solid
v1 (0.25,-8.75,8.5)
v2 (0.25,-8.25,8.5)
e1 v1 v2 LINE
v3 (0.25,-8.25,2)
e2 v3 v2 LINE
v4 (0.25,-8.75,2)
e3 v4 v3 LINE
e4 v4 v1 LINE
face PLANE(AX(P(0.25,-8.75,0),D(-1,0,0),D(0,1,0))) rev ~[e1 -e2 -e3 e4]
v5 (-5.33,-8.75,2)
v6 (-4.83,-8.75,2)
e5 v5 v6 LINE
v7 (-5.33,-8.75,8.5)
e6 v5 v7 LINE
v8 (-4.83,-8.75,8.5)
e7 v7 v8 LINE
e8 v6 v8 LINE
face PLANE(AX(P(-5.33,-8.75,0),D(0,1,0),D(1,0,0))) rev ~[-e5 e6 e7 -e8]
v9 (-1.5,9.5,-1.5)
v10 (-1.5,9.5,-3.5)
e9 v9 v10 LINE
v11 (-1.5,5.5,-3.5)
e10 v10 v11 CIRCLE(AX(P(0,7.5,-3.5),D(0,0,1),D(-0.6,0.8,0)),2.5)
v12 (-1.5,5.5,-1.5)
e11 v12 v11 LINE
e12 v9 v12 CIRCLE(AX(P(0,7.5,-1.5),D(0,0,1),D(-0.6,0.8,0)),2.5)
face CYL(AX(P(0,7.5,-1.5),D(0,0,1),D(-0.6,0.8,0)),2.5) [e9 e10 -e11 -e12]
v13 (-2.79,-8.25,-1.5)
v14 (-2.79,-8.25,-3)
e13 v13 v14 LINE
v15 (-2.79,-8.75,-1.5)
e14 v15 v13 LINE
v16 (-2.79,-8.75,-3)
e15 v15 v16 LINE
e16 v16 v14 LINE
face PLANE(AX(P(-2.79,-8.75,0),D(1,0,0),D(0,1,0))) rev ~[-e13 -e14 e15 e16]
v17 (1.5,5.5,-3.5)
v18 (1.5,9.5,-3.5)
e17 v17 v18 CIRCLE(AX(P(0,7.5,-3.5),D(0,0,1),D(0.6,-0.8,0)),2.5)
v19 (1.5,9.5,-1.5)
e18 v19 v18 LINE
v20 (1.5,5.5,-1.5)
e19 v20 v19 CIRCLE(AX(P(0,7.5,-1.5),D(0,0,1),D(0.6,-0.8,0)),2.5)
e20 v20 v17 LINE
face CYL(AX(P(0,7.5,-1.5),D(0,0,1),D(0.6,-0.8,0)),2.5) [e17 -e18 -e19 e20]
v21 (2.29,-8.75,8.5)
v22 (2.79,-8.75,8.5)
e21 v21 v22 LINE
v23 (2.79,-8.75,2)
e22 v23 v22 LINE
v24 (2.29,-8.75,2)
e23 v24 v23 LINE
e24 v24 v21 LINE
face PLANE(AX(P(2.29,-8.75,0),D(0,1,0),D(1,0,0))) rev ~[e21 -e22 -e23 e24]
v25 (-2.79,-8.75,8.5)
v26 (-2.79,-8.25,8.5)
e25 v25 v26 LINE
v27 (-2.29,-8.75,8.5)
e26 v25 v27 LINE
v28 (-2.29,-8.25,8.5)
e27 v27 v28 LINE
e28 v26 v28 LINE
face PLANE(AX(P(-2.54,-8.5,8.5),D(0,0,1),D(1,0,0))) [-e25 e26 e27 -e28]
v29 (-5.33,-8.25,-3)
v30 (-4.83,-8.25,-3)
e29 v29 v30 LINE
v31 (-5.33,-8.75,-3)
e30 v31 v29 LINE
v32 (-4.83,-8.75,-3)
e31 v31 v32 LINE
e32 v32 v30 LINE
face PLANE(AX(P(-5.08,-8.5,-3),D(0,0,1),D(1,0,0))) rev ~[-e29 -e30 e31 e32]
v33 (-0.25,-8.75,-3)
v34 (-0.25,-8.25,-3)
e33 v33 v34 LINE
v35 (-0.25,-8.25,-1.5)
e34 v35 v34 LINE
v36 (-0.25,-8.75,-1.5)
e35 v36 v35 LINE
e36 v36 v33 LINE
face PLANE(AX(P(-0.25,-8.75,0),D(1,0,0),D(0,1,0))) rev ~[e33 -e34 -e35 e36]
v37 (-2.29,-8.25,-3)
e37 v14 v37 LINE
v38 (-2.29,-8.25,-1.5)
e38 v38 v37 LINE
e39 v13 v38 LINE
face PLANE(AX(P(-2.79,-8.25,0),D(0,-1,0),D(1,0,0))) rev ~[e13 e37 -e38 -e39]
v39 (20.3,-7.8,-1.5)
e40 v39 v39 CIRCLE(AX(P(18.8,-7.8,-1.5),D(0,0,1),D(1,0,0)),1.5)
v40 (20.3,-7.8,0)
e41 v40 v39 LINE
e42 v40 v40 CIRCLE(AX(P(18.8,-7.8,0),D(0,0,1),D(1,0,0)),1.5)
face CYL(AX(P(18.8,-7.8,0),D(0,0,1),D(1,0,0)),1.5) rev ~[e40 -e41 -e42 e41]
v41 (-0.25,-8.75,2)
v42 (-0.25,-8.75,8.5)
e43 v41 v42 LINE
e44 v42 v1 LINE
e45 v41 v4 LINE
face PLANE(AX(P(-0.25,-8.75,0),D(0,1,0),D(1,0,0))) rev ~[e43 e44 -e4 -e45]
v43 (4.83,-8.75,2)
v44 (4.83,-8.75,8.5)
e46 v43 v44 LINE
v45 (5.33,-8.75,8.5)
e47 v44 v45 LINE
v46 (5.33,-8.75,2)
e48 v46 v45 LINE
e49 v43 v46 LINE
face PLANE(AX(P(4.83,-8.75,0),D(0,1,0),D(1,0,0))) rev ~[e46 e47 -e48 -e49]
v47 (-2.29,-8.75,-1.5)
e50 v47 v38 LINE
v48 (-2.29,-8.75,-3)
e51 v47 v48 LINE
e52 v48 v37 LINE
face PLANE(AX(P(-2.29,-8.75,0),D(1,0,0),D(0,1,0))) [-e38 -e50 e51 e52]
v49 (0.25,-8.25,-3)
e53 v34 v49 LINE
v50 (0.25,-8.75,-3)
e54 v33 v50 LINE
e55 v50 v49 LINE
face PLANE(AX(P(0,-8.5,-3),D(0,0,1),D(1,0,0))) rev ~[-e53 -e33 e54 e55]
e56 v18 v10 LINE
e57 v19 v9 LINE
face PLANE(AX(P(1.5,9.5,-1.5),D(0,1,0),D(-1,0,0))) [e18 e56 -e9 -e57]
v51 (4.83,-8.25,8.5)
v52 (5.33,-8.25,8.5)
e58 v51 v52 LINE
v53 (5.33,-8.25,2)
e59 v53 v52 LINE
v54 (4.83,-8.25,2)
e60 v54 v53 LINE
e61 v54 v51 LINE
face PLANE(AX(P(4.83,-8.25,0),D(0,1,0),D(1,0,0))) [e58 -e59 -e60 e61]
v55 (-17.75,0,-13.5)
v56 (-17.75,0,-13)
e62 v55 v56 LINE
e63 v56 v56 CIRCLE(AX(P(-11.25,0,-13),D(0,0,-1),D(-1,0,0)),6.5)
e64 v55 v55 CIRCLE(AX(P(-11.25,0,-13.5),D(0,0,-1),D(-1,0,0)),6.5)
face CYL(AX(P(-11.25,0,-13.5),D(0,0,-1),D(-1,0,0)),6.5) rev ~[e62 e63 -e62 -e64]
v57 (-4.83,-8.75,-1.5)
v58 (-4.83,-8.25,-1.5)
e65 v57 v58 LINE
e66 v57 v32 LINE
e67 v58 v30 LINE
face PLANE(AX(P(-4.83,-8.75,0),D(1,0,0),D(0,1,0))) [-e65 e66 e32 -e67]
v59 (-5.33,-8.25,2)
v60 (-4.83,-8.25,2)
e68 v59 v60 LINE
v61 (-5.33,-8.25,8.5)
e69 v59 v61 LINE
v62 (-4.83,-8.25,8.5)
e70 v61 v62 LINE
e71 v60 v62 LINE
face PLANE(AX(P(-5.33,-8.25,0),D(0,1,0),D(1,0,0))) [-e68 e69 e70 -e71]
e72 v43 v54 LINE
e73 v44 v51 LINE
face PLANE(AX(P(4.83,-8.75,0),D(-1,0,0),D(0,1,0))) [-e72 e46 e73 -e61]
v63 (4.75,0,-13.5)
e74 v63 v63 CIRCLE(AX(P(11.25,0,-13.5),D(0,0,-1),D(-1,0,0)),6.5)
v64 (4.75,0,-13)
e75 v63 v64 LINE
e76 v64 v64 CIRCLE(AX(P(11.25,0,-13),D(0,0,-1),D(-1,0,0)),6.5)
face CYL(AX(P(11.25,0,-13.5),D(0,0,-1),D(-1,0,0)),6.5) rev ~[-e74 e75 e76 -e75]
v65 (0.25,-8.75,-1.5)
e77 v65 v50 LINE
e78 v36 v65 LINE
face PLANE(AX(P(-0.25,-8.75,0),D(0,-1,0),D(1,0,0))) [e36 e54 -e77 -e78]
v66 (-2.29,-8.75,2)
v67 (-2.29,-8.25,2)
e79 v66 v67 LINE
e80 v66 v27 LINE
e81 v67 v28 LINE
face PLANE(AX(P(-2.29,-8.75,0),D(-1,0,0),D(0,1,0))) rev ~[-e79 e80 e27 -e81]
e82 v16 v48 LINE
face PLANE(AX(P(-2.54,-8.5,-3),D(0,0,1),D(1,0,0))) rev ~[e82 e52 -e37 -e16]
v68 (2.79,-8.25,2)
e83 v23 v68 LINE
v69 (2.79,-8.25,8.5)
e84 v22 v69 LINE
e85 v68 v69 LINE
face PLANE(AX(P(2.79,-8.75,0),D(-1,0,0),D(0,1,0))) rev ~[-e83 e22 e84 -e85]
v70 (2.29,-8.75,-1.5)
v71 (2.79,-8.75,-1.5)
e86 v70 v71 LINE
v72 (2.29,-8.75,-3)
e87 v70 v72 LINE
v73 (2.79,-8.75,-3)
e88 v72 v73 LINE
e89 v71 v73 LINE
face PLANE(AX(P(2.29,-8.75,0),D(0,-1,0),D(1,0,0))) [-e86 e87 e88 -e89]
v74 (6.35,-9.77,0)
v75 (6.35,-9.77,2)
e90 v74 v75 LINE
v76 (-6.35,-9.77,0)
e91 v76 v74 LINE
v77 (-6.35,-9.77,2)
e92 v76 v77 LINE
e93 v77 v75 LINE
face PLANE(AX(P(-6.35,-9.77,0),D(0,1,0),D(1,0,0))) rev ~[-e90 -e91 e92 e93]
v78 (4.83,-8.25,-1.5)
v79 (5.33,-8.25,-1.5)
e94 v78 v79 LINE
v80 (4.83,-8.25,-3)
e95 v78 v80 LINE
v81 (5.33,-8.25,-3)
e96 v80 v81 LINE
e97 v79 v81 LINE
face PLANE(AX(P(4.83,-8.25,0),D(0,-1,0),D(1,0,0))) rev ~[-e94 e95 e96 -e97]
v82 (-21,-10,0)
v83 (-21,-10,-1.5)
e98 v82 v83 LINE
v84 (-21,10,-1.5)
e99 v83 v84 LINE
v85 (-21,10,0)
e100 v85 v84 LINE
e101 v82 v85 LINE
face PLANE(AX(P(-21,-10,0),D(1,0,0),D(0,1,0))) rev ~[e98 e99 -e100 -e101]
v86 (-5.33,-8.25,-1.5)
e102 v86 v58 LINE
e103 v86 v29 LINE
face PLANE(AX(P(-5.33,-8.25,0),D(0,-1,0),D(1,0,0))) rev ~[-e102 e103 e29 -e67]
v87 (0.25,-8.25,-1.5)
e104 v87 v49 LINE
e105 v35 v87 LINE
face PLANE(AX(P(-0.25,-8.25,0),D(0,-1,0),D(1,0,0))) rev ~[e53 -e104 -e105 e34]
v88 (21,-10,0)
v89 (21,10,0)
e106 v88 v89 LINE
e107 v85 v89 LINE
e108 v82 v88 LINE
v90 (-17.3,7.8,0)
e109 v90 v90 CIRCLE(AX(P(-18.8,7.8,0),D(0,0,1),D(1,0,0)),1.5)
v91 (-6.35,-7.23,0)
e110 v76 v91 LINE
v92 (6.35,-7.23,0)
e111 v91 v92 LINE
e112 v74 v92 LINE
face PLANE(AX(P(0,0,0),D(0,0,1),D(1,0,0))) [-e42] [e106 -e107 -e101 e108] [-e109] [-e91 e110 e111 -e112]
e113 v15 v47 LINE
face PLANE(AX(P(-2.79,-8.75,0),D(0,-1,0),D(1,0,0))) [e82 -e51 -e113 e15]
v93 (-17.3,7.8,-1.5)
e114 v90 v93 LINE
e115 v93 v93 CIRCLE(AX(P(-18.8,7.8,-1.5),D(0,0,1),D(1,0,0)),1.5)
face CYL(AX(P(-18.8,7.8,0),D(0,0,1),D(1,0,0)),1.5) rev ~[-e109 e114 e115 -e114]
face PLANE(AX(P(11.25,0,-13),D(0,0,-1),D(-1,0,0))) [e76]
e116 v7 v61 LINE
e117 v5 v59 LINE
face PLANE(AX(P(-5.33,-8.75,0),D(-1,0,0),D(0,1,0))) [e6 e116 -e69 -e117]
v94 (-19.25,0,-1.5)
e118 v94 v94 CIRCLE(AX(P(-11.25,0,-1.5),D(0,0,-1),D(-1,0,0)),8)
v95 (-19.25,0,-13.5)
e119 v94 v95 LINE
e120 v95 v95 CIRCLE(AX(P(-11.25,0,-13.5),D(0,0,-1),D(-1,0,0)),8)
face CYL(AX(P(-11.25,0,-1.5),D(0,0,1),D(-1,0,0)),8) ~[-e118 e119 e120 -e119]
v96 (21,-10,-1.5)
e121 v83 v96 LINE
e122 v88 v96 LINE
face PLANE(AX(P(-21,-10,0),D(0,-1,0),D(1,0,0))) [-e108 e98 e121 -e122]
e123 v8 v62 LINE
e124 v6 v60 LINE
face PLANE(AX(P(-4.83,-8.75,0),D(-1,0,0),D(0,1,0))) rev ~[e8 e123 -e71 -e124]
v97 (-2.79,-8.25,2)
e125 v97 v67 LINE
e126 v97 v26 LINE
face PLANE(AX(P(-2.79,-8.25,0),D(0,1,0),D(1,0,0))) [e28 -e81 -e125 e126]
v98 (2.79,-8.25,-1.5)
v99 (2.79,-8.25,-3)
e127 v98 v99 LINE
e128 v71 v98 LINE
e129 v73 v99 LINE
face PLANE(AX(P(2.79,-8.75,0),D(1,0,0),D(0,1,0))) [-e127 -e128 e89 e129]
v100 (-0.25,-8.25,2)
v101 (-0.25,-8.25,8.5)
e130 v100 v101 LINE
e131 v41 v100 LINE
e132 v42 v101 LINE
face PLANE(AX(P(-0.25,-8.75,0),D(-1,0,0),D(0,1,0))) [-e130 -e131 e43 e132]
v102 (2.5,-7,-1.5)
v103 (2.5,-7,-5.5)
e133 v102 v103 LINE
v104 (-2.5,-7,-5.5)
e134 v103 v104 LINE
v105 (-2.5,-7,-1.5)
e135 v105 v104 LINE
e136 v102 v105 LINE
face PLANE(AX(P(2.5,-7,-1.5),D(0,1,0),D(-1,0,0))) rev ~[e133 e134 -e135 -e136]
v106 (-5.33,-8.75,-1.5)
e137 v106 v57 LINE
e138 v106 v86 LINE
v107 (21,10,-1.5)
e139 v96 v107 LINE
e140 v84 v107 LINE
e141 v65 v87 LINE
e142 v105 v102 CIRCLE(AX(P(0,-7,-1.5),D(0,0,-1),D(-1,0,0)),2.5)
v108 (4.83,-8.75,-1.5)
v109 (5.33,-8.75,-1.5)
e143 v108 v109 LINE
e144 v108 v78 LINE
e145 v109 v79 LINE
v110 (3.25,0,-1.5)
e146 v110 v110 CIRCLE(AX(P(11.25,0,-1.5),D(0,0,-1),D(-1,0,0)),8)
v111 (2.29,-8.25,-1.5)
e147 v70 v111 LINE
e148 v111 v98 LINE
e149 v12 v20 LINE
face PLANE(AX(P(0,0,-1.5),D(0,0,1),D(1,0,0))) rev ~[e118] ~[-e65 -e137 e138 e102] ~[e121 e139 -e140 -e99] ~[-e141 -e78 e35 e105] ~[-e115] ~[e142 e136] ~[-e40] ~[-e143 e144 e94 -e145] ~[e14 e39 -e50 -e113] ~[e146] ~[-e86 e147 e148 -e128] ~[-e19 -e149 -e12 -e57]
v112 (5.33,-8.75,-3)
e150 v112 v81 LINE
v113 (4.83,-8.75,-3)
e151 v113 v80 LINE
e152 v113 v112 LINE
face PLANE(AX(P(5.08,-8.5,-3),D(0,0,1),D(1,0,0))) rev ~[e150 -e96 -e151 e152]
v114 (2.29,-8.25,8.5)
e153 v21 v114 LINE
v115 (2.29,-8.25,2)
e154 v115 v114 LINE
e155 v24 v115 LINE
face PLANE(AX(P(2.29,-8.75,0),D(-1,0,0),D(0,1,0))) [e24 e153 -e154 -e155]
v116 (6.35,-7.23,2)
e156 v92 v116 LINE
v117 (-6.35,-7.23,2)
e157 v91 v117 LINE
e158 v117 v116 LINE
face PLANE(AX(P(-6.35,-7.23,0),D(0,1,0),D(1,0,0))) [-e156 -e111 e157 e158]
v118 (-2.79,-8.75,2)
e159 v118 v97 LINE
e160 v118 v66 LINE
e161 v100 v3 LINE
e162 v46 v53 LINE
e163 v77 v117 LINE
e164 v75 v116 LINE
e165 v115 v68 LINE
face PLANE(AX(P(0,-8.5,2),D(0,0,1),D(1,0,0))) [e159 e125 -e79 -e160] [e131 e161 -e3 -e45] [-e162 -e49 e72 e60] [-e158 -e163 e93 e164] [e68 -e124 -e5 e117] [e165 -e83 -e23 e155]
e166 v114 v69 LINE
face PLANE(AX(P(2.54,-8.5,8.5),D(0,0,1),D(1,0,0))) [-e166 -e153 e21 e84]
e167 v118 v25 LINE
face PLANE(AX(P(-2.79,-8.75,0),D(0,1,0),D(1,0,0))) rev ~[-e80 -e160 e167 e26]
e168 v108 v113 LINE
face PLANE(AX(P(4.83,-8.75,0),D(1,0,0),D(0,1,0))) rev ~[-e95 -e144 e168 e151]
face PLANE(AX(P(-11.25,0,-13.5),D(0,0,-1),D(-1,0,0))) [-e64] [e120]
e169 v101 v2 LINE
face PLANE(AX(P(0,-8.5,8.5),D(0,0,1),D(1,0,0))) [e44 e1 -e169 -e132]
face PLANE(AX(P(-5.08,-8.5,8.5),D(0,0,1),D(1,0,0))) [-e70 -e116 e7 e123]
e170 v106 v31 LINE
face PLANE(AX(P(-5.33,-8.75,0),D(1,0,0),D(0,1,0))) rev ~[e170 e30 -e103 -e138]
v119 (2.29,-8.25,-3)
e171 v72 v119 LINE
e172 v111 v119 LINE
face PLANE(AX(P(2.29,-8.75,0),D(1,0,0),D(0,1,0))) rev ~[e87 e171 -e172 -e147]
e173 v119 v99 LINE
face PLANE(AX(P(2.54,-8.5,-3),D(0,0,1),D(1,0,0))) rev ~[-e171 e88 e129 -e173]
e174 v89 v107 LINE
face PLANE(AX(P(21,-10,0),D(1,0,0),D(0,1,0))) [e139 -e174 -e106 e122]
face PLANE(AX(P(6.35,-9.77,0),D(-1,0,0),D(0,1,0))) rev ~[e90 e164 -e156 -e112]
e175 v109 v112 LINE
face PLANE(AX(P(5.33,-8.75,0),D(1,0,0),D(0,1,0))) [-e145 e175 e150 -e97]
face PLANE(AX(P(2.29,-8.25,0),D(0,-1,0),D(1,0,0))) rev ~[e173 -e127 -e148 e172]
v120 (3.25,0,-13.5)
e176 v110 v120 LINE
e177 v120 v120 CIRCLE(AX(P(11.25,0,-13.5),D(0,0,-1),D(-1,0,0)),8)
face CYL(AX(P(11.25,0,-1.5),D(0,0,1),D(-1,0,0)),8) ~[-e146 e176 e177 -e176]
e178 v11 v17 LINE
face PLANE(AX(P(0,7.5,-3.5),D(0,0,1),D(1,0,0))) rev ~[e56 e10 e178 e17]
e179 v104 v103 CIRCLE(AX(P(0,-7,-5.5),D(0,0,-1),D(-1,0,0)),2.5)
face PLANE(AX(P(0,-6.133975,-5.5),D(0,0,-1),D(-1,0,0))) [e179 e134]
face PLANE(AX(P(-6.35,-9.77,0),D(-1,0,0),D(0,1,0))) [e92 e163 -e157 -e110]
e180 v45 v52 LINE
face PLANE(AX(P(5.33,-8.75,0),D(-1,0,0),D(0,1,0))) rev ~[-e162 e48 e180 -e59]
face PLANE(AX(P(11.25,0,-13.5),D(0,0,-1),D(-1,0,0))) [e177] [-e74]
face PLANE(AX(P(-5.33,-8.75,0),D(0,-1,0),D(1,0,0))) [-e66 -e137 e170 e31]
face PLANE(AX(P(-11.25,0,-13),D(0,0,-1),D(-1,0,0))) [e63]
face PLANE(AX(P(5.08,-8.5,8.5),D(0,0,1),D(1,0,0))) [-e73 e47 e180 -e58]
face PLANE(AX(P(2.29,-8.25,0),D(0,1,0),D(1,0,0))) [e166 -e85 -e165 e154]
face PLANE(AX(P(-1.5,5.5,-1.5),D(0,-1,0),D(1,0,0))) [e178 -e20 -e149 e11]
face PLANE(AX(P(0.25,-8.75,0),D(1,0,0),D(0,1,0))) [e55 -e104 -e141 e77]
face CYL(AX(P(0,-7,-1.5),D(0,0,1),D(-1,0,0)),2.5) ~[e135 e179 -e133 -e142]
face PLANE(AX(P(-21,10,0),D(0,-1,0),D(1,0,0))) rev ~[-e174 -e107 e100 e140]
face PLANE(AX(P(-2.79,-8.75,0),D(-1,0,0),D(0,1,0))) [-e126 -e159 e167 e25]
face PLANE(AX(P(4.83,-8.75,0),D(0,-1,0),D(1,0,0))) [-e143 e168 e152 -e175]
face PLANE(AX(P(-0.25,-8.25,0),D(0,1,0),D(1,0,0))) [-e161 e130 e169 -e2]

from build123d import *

# Parameters (mm, degrees)
CROQUIS1_W                   = 42
CROQUIS1_H                   = 20
CROQUIS1_R                   = 1.5
SALIENTE_EXTRUIR1_DEPTH      = 1.5
CROQUIS2_R                   = 8
SALIENTE_EXTRUIR2_DEPTH      = 12
CROQUIS3_R                   = 6.5
CORTAR_EXTRUIR1_DEPTH        = 0.5
CROQUIS5_W                   = 0.5
CROQUIS5_H                   = 0.5
SALIENTE_EXTRUIR3_DEPTH      = 8.5
SALIENTE_EXTRUIR3_DEPTH_BACK = 3
CROQUIS6_W                   = 12.7
CROQUIS6_H                   = 2.54
SALIENTE_EXTRUIR4_DEPTH      = 2
SALIENTE_EXTRUIR5_DEPTH      = 4
SALIENTE_EXTRUIR6_DEPTH      = 2


with BuildPart() as part:
    # Croquis1 → Saliente-Extruir1 (new body)
    with BuildSketch(Plane.XY):
        Rectangle(CROQUIS1_W, CROQUIS1_H)
        with Locations((-18.8, 7.8)):
            Circle(CROQUIS1_R, mode=Mode.SUBTRACT)
        with Locations((18.8, -7.8)):
            Circle(CROQUIS1_R, mode=Mode.SUBTRACT)
    extrude(amount=-SALIENTE_EXTRUIR1_DEPTH)

    # Croquis2 → Saliente-Extruir2 (add)
    with BuildSketch(Plane(origin=(0, 0, -1.5), x_dir=(-1, 0, 0), z_dir=(0, 0, -1))):
        with Locations((-11.25, 0)):
            Circle(CROQUIS2_R)
        with Locations((11.25, 0)):
            Circle(CROQUIS2_R)
    extrude(amount=SALIENTE_EXTRUIR2_DEPTH)

    # Croquis3 → Cortar-Extruir1 (cut)
    with BuildSketch(Plane(origin=(0, 0, -13.5), x_dir=(-1, 0, 0), z_dir=(0, 0, -1))):
        with Locations((-11.25, 0)):
            Circle(CROQUIS3_R)
        with Locations((11.25, 0)):
            Circle(CROQUIS3_R)
    extrude(amount=-CORTAR_EXTRUIR1_DEPTH, mode=Mode.SUBTRACT)

    # Croquis5 → Saliente-Extruir3 (add, two sides)
    with BuildSketch(Plane.XY) as saliente_extruir3_sk:
        with Locations((0, -8.5)):
            Rectangle(CROQUIS5_W, CROQUIS5_H)
        with Locations((-2.54, -8.5)):
            Rectangle(CROQUIS5_W, CROQUIS5_H)
        with Locations((-5.08, -8.5)):
            Rectangle(CROQUIS5_W, CROQUIS5_H)
        with Locations((2.54, -8.5)):
            Rectangle(CROQUIS5_W, CROQUIS5_H)
        with Locations((5.08, -8.5)):
            Rectangle(CROQUIS5_W, CROQUIS5_H)
    extrude(amount=SALIENTE_EXTRUIR3_DEPTH)
    extrude(saliente_extruir3_sk.sketch, amount=-SALIENTE_EXTRUIR3_DEPTH_BACK)

    # Croquis6 → Saliente-Extruir4 (add)
    with BuildSketch(Plane.XY):
        with Locations((0, -8.5)):
            Rectangle(CROQUIS6_W, CROQUIS6_H)
    extrude(amount=SALIENTE_EXTRUIR4_DEPTH)

    # Croquis7 → Saliente-Extruir5 (add)
    with BuildSketch(Plane(origin=(0, 0, -1.5), x_dir=(-1, 0, 0), z_dir=(0, 0, -1))):
        with BuildLine():
            Line((-2.5, -7), (0, -7))
            Line((0, -7), (2.5, -7))
            ThreePointArc((2.5, -7), (0, -4.5), (-2.5, -7))
        make_face()
    extrude(amount=SALIENTE_EXTRUIR5_DEPTH)

    # Croquis8 → Saliente-Extruir6 (add)
    with BuildSketch(Plane(origin=(0, 0, -1.5), x_dir=(-1, 0, 0), z_dir=(0, 0, -1))):
        with BuildLine():
            Line((-1.5, 9.5), (1.5, 9.5))
            ThreePointArc((1.5, 9.5), (2.5, 7.5), (1.5, 5.5))
            Line((1.5, 5.5), (-1.5, 5.5))
            ThreePointArc((-1.5, 5.5), (-2.5, 7.5), (-1.5, 9.5))
        make_face()
    extrude(amount=SALIENTE_EXTRUIR6_DEPTH)


solid = part.part
